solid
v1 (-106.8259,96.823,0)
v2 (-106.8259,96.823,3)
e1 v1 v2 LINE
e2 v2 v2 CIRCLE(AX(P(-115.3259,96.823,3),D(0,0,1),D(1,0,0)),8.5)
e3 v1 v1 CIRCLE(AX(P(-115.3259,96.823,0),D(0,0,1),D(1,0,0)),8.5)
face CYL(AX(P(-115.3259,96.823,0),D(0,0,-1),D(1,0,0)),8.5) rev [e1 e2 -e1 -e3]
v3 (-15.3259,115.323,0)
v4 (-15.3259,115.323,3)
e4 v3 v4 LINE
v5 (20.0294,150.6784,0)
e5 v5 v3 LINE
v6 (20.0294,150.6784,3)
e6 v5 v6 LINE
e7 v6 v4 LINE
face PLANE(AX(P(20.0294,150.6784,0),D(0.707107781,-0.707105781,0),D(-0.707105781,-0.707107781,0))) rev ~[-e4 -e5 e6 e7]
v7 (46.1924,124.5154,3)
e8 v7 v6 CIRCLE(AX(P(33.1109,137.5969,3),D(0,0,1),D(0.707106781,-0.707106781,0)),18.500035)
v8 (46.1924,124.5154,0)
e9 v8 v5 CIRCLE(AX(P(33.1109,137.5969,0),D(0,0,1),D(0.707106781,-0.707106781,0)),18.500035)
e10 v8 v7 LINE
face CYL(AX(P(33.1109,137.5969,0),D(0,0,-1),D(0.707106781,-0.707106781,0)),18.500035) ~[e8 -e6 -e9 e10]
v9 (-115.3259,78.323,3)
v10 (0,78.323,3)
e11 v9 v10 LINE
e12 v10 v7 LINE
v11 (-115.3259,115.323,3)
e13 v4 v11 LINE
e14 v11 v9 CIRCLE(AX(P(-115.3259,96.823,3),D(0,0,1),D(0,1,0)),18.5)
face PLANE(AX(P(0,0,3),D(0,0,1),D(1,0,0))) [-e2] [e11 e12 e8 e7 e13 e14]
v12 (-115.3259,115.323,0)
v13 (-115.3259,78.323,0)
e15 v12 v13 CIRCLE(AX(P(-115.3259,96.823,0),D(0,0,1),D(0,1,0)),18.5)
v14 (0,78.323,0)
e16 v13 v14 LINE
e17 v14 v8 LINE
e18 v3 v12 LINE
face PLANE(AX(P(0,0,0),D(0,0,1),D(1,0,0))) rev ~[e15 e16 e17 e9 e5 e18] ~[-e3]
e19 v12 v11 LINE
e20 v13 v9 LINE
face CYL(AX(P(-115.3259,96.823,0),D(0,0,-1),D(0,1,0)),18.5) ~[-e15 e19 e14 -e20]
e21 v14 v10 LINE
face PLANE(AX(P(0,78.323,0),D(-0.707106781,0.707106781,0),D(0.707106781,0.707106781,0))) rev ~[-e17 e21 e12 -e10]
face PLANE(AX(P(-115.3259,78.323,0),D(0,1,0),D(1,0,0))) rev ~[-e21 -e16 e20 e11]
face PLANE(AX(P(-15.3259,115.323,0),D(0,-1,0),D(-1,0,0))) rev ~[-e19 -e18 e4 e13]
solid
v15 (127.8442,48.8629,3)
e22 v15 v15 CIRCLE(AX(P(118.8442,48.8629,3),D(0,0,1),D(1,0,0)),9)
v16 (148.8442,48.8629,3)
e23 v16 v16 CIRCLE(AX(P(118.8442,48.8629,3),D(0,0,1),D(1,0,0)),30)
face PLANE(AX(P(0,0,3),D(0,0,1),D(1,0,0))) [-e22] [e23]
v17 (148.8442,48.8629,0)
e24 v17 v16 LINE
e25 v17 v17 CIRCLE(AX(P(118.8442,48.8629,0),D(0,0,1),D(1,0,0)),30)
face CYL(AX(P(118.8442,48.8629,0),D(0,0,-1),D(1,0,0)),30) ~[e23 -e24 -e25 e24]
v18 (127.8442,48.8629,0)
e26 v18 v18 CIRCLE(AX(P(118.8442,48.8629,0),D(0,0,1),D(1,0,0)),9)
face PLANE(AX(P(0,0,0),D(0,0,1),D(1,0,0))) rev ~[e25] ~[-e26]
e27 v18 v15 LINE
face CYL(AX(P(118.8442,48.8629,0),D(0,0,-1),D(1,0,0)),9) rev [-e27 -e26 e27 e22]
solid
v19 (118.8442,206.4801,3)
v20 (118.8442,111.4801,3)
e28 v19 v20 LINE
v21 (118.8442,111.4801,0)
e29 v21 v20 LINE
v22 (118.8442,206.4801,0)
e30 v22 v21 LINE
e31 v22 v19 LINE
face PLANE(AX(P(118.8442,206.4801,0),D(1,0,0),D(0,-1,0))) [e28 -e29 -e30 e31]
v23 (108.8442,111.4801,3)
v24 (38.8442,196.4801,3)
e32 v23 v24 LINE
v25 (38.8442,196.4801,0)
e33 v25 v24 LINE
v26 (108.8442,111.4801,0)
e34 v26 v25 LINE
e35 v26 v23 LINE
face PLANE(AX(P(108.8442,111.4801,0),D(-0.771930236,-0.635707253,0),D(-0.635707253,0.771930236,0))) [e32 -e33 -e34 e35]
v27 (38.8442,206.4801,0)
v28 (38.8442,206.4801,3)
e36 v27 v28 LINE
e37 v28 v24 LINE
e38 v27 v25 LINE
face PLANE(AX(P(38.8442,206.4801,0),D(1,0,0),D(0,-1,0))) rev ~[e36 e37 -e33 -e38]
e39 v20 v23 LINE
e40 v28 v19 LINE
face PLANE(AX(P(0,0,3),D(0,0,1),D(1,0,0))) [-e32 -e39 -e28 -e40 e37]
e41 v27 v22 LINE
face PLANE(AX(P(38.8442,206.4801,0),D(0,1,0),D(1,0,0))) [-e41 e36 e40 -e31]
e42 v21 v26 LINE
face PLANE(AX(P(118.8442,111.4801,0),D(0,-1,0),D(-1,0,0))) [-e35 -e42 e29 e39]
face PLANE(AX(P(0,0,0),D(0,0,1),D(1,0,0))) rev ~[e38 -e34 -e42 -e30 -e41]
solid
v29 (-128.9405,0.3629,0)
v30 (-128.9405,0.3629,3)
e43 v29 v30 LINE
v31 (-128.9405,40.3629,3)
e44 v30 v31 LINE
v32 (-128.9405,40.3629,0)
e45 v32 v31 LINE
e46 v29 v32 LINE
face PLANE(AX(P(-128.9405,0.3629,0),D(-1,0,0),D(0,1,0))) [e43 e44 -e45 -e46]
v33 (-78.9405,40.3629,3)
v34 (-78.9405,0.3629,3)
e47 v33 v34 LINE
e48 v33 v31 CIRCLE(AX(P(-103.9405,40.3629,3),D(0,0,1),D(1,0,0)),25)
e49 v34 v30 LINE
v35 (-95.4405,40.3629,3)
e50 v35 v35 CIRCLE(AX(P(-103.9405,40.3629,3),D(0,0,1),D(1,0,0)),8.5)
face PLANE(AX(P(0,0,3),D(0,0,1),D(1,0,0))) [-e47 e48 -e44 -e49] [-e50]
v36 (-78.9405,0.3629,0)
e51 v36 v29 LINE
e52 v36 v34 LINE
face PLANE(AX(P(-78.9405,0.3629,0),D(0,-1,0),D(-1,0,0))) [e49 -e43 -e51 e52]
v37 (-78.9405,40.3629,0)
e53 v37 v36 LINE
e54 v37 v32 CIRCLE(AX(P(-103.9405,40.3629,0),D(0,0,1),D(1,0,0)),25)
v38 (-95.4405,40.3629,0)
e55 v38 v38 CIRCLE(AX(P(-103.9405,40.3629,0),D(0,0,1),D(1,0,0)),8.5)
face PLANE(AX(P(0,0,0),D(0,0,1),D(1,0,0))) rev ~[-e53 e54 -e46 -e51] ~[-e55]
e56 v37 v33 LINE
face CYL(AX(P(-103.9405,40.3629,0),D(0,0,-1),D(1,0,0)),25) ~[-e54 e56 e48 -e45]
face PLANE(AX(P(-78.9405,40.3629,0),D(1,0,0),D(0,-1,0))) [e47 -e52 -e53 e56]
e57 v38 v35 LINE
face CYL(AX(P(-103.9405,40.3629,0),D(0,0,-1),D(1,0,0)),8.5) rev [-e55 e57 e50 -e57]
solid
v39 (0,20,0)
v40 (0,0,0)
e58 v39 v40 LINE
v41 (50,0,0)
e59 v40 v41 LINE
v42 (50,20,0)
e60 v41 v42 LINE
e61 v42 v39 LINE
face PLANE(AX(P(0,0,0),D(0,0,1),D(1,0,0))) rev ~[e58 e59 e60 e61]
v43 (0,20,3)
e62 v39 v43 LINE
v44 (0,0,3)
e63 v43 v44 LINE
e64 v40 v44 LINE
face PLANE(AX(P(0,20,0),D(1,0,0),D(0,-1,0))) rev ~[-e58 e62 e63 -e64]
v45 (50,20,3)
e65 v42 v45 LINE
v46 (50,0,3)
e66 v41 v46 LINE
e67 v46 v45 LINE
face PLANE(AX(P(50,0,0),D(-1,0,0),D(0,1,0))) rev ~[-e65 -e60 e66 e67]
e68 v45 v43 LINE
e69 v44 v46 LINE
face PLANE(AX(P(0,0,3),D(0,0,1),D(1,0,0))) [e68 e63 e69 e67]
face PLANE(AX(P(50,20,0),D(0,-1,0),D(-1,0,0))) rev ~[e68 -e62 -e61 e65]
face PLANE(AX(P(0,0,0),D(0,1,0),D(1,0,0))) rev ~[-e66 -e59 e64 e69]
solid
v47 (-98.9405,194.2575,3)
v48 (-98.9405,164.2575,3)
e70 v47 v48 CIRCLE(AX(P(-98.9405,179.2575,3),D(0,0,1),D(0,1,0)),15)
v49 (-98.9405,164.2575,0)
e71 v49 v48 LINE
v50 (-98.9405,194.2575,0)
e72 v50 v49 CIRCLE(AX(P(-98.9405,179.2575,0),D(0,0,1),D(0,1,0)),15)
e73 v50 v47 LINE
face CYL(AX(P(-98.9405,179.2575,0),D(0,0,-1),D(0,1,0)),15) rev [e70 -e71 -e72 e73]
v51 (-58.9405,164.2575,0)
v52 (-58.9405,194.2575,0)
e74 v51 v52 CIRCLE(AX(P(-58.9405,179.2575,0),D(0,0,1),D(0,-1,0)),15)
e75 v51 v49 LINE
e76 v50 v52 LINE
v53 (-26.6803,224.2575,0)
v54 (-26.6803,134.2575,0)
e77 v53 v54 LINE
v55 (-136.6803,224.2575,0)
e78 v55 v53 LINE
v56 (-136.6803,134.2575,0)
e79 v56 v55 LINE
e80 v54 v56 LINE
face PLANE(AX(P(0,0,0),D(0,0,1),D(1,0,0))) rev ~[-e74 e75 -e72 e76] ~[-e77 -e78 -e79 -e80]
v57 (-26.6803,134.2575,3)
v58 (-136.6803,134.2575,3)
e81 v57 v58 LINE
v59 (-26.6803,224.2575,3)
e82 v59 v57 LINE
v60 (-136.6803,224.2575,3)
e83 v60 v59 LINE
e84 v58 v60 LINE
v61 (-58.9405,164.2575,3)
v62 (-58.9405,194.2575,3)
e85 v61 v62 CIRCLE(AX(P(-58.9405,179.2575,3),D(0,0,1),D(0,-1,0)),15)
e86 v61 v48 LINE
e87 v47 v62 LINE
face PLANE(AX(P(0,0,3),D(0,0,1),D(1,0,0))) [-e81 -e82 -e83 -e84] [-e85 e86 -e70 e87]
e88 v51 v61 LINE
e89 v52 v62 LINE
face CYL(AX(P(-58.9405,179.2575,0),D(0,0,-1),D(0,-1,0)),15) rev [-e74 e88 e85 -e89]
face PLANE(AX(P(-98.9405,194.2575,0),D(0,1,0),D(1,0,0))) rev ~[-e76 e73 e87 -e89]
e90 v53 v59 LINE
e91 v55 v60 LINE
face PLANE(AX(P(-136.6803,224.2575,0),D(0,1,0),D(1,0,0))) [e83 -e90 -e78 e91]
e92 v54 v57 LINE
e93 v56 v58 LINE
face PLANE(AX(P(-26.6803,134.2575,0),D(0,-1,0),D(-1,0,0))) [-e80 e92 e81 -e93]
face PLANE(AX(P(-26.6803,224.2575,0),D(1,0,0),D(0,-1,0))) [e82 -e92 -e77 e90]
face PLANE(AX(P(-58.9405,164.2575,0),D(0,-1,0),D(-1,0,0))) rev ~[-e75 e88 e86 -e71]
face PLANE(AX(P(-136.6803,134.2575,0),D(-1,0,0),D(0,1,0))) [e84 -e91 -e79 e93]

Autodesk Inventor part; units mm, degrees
ref_plane "YZ Plane" through (0, 0, 0) normal (1, 0, 0) x (0, 1, 0)
ref_plane "XZ Plane" through (0, 0, 0) normal (0, 1, 0) x (-1, 0, 0)
ref_plane "XY Plane" through (0, 0, 0) normal (0, 0, 1) x (1, 0, 0)
sketch "Sketch1" plane through (0, 0, 0) normal (0, 0, 1) x (1, 0, 0)
  line L0 (0, 0) -> (50, 0)
  line L1 (50, 0) -> (50, 20)
  line L2 (50, 20) -> (0, 20)
  line L3 (0, 20) -> (0, 0)
  line L4 (-15.3259, 115.323) -> (-115.3259, 115.323)
  arc A0 (-115.3259, 115.323) -> (-115.3259, 78.323) centre (-115.3259, 96.823) ccw
  line L5 (-115.3259, 78.323) -> (0, 78.323)
  line L6 (0, 78.323) -> (46.1924, 124.5154)
  arc A1 (46.1924, 124.5154) -> (20.0294, 150.6784) centre (33.1109, 137.5969) ccw
  line L7 (20.0294, 150.6784) -> (-15.3259, 115.323)
  circle A2 centre (-115.3259, 96.823) radius 8.5
  line L8 (0, 0) -> (0, 78.323) construction
  circle A3 centre (-103.9405, 40.3629) radius 8.5
  line L9 (-128.9405, 0.3629) -> (-128.9405, 40.3629)
  arc A4 (-78.9405, 40.3629) -> (-128.9405, 40.3629) centre (-103.9405, 40.3629) ccw
  line L10 (-78.9405, 40.3629) -> (-78.9405, 0.3629)
  line L11 (-78.9405, 0.3629) -> (-128.9405, 0.3629)
  line L12 (38.8442, 206.4801) -> (118.8442, 206.4801)
  line L13 (118.8442, 206.4801) -> (118.8442, 111.4801)
  line L14 (38.8442, 206.4801) -> (38.8442, 196.4801)
  line L15 (118.8442, 111.4801) -> (108.8442, 111.4801)
  line L16 (108.8442, 111.4801) -> (38.8442, 196.4801)
  line L17 (-136.6803, 224.2575) -> (-26.6803, 224.2575)
  line L18 (-26.6803, 224.2575) -> (-26.6803, 134.2575)
  line L19 (-26.6803, 134.2575) -> (-136.6803, 134.2575)
  line L20 (-136.6803, 134.2575) -> (-136.6803, 224.2575)
  line L21 (-98.9405, 179.2575) -> (-58.9405, 179.2575) construction
  line L22 (-98.9405, 194.2575) -> (-58.9405, 194.2575)
  line L23 (-58.9405, 164.2575) -> (-98.9405, 164.2575)
  arc A5 (-98.9405, 194.2575) -> (-98.9405, 164.2575) centre (-98.9405, 179.2575) ccw
  arc A6 (-58.9405, 164.2575) -> (-58.9405, 194.2575) centre (-58.9405, 179.2575) ccw
  circle A7 centre (118.8442, 48.8629) radius 30
  circle A8 centre (118.8442, 48.8629) radius 9
  line L24 (-136.6803, 218.2575) -> (-26.6803, 218.2575) construction
  point P0 (-78.9405, 179.2575)
  dimension "d22" = 50
  dimension "d23" = 20
  dimension "d24" = 17
  dimension "d25" = 10
  dimension "d26" = 100
  dimension "d28" = 135
  dimension "d29" = 50
  dimension "d30" = 17
  dimension "d31" = 25
  dimension "d32" = 40
  dimension "d33" = 80
  dimension "d34" = 95
  dimension "d35" = 10
  dimension "d36" = 10
  dimension "d37" = 110
  dimension "d38" = 30
  dimension "d39" = 40
  dimension "d40" = 60
  dimension "d41" = 18
  dimension "d42" = 6
  dimension "d43" = 90
extrude "Plate1" add sketch "Sketch1" along normal blind 3
equation "\"d2\" = Thickness"
equation "\"BendReliefWidth\" = Thickness"
equation "\"BendReliefDepth\" = 0.5 * Thickness"
equation "\"CornerReliefSize\" = 4 * Thickness"
equation "\"MinimumRemnant\" = 2 * Thickness"
equation "\"TransitionRadius\" = BendRadius"
equation "\"JacobiRadiusSize\" = BendRadius"
equation "\"GapSize\" = Thickness"
equation "\"Thickness\" = 3"
equation "\"BendRadius\" = 5"
properties part number "rings" material "Stainless Steel"
